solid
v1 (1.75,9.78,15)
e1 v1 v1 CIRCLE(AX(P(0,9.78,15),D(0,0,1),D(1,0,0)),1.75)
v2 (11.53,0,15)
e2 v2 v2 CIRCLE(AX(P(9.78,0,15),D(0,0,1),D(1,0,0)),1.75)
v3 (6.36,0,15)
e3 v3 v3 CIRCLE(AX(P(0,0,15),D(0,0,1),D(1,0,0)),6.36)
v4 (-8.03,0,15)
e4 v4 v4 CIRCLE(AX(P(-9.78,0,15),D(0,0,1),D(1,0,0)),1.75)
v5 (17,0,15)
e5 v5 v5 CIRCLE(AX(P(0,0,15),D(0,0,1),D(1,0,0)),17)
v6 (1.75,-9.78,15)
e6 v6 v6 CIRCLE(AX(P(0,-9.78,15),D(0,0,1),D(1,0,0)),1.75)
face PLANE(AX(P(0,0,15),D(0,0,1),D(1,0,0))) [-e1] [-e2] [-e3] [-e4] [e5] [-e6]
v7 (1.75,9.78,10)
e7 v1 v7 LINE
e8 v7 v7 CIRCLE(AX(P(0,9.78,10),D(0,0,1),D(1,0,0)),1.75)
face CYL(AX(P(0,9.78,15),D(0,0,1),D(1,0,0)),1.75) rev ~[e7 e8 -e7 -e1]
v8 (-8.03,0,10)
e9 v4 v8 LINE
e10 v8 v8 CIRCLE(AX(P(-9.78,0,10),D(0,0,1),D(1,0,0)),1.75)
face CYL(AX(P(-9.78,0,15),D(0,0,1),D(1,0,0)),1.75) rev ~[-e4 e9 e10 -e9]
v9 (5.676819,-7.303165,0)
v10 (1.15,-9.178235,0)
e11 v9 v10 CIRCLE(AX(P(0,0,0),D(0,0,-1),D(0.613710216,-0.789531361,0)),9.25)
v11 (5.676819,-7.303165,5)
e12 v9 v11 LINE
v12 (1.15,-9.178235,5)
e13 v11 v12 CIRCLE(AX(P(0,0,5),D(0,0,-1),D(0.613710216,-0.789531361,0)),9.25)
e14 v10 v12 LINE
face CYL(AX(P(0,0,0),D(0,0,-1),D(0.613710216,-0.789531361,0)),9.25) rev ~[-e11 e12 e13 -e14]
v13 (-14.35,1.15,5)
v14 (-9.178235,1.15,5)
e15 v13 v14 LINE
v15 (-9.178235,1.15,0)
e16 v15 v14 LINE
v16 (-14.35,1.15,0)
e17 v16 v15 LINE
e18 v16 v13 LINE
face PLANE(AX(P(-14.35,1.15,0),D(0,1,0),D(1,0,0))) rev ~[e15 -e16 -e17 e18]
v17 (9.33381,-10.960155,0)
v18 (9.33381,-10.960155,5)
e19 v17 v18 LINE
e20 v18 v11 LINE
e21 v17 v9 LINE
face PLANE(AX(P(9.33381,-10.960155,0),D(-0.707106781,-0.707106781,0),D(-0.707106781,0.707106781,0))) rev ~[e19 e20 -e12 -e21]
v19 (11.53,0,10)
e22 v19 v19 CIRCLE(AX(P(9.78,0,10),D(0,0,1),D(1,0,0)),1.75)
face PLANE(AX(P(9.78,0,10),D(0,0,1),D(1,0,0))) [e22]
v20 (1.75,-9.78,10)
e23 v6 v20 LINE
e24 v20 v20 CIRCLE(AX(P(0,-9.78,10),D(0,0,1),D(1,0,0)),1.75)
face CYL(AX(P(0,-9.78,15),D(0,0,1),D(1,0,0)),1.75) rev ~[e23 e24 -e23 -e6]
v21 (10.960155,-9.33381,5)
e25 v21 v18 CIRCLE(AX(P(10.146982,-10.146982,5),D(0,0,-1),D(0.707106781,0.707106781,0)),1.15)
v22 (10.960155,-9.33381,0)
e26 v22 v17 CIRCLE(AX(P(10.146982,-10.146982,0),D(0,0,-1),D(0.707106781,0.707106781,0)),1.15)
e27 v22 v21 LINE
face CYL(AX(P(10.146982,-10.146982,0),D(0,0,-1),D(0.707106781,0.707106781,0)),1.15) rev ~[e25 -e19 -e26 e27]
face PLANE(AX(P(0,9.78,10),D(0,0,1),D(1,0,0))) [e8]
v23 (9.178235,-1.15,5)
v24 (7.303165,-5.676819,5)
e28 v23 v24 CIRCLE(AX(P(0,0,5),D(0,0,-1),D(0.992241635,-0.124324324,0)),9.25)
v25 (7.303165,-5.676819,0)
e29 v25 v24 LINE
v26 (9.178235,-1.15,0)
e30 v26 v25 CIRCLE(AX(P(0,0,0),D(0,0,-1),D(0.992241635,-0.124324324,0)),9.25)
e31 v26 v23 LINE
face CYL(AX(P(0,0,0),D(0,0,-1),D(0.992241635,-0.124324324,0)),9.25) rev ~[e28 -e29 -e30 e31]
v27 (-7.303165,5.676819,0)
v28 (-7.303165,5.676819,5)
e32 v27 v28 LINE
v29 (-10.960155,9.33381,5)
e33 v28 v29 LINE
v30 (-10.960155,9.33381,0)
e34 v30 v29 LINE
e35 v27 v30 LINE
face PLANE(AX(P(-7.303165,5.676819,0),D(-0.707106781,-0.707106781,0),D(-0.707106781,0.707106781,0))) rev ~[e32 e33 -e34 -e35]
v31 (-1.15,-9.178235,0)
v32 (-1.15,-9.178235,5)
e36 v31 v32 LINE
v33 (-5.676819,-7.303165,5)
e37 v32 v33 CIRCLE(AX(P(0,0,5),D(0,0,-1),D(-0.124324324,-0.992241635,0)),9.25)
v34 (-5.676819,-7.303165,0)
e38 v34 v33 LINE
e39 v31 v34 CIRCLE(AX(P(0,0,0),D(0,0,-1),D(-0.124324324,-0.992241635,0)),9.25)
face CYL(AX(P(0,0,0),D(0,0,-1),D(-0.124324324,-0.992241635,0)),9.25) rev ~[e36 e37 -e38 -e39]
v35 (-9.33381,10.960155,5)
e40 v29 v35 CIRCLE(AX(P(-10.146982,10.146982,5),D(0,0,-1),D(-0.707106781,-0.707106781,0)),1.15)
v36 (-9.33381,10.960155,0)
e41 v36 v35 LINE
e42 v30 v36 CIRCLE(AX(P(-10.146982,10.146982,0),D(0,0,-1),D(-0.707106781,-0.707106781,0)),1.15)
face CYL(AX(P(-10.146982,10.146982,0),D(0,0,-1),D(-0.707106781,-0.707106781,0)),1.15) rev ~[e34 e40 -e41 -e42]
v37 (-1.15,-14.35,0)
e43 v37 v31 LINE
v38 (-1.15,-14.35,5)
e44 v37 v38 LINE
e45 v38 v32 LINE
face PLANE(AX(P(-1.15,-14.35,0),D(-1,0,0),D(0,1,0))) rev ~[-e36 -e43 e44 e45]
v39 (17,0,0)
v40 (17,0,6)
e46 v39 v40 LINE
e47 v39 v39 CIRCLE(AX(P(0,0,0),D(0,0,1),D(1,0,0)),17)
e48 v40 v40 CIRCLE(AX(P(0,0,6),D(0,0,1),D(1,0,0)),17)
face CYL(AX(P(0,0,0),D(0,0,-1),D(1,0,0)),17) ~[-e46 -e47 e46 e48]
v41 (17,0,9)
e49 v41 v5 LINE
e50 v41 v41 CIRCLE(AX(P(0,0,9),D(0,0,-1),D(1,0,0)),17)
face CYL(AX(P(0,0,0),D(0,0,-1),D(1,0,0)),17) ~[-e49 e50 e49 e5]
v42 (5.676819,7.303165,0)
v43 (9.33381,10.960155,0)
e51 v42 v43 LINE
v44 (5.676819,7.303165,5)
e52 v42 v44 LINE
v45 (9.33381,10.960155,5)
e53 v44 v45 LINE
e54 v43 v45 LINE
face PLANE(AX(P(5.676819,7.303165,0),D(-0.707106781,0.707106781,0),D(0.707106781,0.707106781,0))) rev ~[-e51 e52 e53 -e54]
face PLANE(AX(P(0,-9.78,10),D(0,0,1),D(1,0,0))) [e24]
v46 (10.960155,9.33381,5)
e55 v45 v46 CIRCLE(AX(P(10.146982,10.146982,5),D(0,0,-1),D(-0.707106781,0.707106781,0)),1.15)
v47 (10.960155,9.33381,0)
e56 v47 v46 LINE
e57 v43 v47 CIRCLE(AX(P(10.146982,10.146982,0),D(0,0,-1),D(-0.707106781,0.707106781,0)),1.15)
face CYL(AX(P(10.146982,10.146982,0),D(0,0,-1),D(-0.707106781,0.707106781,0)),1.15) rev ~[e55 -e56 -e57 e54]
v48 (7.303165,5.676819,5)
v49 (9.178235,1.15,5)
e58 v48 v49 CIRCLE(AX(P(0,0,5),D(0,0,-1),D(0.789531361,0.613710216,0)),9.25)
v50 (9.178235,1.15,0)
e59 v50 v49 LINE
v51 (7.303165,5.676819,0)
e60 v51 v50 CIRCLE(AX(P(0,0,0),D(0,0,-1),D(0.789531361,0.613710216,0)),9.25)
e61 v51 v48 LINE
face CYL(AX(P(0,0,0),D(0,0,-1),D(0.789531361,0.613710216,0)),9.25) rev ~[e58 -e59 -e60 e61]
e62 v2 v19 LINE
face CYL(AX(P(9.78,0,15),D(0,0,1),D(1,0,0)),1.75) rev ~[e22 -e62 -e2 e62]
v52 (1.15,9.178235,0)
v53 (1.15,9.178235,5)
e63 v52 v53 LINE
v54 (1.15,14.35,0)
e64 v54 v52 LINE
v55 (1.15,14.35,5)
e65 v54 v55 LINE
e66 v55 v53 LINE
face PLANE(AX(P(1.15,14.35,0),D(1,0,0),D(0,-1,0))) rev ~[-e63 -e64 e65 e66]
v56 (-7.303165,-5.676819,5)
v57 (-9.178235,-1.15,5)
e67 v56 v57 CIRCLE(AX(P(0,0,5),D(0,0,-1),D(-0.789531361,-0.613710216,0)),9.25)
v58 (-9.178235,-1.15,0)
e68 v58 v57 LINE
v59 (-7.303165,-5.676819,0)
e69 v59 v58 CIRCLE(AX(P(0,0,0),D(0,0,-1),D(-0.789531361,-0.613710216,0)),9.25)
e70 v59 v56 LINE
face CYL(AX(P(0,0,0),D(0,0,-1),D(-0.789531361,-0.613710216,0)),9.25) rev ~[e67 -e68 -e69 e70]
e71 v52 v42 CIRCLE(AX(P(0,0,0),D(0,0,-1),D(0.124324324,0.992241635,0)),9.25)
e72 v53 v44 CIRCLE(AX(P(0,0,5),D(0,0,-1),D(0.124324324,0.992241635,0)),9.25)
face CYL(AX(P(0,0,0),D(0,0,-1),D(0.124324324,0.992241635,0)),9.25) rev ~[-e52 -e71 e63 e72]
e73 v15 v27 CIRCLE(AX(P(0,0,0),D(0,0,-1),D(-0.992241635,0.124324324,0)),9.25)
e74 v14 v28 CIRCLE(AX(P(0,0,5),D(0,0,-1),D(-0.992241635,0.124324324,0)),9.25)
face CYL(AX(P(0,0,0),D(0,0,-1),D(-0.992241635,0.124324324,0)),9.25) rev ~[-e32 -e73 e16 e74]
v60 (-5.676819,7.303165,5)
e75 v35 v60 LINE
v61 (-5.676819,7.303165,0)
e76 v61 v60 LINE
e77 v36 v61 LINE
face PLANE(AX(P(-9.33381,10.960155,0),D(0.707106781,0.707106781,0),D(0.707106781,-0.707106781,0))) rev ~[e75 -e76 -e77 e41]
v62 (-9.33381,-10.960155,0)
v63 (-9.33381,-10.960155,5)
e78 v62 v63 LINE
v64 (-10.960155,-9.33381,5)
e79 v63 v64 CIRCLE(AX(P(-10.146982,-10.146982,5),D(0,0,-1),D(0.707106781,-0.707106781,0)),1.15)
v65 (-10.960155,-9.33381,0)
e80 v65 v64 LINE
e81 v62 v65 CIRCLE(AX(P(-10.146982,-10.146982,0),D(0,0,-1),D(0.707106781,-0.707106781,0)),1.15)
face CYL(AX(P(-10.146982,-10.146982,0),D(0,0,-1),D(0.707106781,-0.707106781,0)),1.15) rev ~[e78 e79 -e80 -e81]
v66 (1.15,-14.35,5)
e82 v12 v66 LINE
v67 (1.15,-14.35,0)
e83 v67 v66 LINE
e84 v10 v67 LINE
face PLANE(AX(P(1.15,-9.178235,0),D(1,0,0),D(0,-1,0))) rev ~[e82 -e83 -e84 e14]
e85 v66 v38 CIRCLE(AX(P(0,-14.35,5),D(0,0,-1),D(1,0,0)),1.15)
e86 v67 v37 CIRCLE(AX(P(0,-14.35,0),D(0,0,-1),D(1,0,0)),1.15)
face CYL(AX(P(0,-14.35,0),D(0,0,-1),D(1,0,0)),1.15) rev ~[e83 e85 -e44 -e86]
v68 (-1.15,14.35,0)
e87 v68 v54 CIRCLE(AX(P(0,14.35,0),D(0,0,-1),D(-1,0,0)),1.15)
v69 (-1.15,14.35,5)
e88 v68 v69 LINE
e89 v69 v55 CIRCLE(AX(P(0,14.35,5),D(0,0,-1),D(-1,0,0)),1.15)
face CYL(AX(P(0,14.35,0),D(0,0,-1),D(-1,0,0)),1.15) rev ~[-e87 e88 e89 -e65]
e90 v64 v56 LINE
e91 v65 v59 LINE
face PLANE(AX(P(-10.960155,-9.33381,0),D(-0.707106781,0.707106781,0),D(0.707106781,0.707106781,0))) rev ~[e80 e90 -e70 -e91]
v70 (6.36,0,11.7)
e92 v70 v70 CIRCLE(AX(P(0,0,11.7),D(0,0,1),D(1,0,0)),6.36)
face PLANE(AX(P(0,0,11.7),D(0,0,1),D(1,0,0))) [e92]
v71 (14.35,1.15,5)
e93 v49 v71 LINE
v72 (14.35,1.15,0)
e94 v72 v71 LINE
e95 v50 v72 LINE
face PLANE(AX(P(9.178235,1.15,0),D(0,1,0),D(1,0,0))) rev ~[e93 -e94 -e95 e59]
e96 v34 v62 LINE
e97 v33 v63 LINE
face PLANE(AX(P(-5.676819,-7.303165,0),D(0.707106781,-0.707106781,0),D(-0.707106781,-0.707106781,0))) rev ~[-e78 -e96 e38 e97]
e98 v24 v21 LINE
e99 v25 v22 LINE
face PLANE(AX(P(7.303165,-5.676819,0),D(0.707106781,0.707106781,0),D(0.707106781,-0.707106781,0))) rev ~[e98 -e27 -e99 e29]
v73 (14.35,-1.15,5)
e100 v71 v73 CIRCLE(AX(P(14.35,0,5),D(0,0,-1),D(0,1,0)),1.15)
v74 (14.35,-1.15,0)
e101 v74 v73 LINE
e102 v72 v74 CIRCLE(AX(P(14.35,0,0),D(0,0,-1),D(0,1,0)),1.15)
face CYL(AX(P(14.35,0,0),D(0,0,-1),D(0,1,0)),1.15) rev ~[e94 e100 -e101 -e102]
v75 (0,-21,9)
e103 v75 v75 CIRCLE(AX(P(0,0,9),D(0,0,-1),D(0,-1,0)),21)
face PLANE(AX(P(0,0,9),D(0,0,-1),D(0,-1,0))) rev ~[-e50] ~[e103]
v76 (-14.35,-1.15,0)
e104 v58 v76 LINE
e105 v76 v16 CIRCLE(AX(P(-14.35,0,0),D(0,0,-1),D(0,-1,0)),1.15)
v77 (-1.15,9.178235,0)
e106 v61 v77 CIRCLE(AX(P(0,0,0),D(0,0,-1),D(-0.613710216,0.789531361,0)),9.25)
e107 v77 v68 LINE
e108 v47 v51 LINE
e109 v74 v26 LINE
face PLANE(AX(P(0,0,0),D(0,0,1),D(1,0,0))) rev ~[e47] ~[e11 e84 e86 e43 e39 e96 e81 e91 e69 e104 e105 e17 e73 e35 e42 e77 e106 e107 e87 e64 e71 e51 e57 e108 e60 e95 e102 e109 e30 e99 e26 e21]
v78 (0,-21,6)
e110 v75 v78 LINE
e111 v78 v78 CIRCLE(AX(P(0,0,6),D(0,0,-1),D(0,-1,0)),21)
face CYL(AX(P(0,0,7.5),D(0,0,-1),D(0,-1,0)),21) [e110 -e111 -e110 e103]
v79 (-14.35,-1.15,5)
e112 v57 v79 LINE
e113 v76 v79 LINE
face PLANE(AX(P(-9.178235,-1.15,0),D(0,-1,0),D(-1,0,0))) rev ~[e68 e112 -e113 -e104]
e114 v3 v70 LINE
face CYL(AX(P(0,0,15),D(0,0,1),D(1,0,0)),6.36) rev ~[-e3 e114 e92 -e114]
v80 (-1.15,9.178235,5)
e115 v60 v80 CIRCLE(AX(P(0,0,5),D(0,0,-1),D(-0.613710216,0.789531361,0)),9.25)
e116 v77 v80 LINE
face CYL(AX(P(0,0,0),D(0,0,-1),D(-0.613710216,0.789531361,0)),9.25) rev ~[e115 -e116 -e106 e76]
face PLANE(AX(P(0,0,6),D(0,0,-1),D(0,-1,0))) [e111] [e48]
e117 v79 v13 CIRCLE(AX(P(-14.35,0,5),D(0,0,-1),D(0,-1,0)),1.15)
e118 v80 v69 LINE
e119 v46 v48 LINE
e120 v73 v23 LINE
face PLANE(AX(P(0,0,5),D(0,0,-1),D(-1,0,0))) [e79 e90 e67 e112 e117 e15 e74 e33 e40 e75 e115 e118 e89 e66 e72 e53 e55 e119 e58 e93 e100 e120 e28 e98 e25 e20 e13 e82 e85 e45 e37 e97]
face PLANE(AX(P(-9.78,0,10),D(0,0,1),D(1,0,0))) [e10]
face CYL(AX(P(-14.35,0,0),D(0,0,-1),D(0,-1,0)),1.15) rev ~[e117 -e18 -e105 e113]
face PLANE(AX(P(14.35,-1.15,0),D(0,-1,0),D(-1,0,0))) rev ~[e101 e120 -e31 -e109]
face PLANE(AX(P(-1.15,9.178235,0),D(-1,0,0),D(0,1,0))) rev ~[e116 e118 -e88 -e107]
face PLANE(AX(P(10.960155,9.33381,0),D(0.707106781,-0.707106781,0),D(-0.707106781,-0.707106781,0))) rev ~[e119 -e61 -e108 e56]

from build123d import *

# Parameters (mm, degrees)
SKETCH1_R           = 17
BOSS_EXTRUDE1_DEPTH = 15
CUT_EXTRUDE2_DEPTH  = 5
SKETCH3_R           = 1.75
CUT_EXTRUDE3_DEPTH  = 5
SKETCH4_W           = 3
SKETCH4_H           = 4
SKETCH5_R           = 6.36
CUT_EXTRUDE4_DEPTH  = 3.3


with BuildPart() as part:
    # Sketch1 → Boss-Extrude1 (new body)
    with BuildSketch(Plane.XY):
        Circle(SKETCH1_R)
    extrude(amount=BOSS_EXTRUDE1_DEPTH)

    # Sketch2 → Cut-Extrude2 (cut)
    with BuildSketch(Plane(origin=(0, 0, 0), x_dir=(-1, 0, 0), z_dir=(0, 0, -1))):
        with BuildLine():
            ThreePointArc((5.676819497, 7.303165094), (3.539821749, 8.545885676), (1.15, 9.178235124))
            ThreePointArc((1.15, 9.178235124), (0, 8.028235124), (-1.15, 9.178235124))
            ThreePointArc((-1.15, 9.178235124), (-3.539821749, 8.545885676), (-5.676819497, 7.303165094))
            ThreePointArc((-5.676819497, 7.303165094), (-5.676819497, 5.676819497), (-7.303165094, 5.676819497))
            ThreePointArc((-7.303165094, 5.676819497), (-8.545885676, 3.539821749), (-9.178235124, 1.15))
            ThreePointArc((-9.178235124, 1.15), (-8.028235124, 0), (-9.178235124, -1.15))
            ThreePointArc((-9.178235124, -1.15), (-8.545885676, -3.539821749), (-7.303165094, -5.676819497))
            ThreePointArc((-7.303165094, -5.676819497), (-5.676819497, -5.676819497), (-5.676819497, -7.303165094))
            ThreePointArc((-5.676819497, -7.303165094), (-3.539821749, -8.545885676), (-1.15, -9.178235124))
            ThreePointArc((-1.15, -9.178235124), (0, -8.028235124), (1.15, -9.178235124))
            ThreePointArc((1.15, -9.178235124), (3.539821749, -8.545885676), (5.676819497, -7.303165094))
            ThreePointArc((5.676819497, -7.303165094), (5.676819497, -5.676819497), (7.303165094, -5.676819497))
            ThreePointArc((7.303165094, -5.676819497), (8.545885676, -3.539821749), (9.178235124, -1.15))
            ThreePointArc((9.178235124, -1.15), (8.028235124, 0), (9.178235124, 1.15))
            ThreePointArc((9.178235124, 1.15), (8.545885676, 3.539821749), (7.303165094, 5.676819497))
            ThreePointArc((7.303165094, 5.676819497), (5.676819497, 5.676819497), (5.676819497, 7.303165094))
        make_face()
        with BuildLine():
            Line((9.333809512, 10.960155108), (5.676819497, 7.303165094))
            ThreePointArc((5.676819497, 7.303165094), (6.540737726, 6.540737726), (7.303165094, 5.676819497))
            Line((7.303165094, 5.676819497), (10.960155108, 9.333809512))
            ThreePointArc((10.960155108, 9.333809512), (10.960155108, 10.960155108), (9.333809512, 10.960155108))
        make_face()
        with BuildLine():
            Line((14.35, 1.15), (9.178235124, 1.15))
            ThreePointArc((9.178235124, 1.15), (9.232041348, 0.57611852), (9.25, 0))
            ThreePointArc((9.25, 0), (9.232041348, -0.57611852), (9.178235124, -1.15))
            Line((9.178235124, -1.15), (14.35, -1.15))
            ThreePointArc((14.35, -1.15), (15.5, 0), (14.35, 1.15))
        make_face()
        with BuildLine():
            Line((10.960155108, -9.333809512), (7.303165094, -5.676819497))
            ThreePointArc((7.303165094, -5.676819497), (6.540737726, -6.540737726), (5.676819497, -7.303165094))
            Line((5.676819497, -7.303165094), (9.333809512, -10.960155108))
            ThreePointArc((9.333809512, -10.960155108), (10.960155108, -10.960155108), (10.960155108, -9.333809512))
        make_face()
        with BuildLine():
            Line((1.15, -14.35), (1.15, -9.178235124))
            ThreePointArc((1.15, -9.178235124), (0, -9.25), (-1.15, -9.178235124))
            Line((-1.15, -9.178235124), (-1.15, -14.35))
            ThreePointArc((-1.15, -14.35), (0, -15.5), (1.15, -14.35))
        make_face()
        with BuildLine():
            ThreePointArc((-5.676819497, -7.303165094), (-6.540737726, -6.540737726), (-7.303165094, -5.676819497))
            Line((-7.303165094, -5.676819497), (-10.960155108, -9.333809512))
            ThreePointArc((-10.960155108, -9.333809512), (-10.960155108, -10.960155108), (-9.333809512, -10.960155108))
            Line((-9.333809512, -10.960155108), (-5.676819497, -7.303165094))
        make_face()
        with BuildLine():
            ThreePointArc((-9.178235124, -1.15), (-9.25, 0), (-9.178235124, 1.15))
            Line((-9.178235124, 1.15), (-14.35, 1.15))
            ThreePointArc((-14.35, 1.15), (-15.5, 0), (-14.35, -1.15))
            Line((-14.35, -1.15), (-9.178235124, -1.15))
        make_face()
        with BuildLine():
            ThreePointArc((-7.303165094, 5.676819497), (-6.540737726, 6.540737726), (-5.676819497, 7.303165094))
            Line((-5.676819497, 7.303165094), (-9.333809512, 10.960155108))
            ThreePointArc((-9.333809512, 10.960155108), (-10.960155108, 10.960155108), (-10.960155108, 9.333809512))
            Line((-10.960155108, 9.333809512), (-7.303165094, 5.676819497))
        make_face()
        with BuildLine():
            Line((1.15, 9.178235124), (1.15, 14.35))
            ThreePointArc((1.15, 14.35), (0, 15.5), (-1.15, 14.35))
            Line((-1.15, 14.35), (-1.15, 9.178235124))
            ThreePointArc((-1.15, 9.178235124), (0, 9.25), (1.15, 9.178235124))
        make_face()
        with BuildLine():
            ThreePointArc((5.676819497, -7.303165094), (6.540737726, -6.540737726), (7.303165094, -5.676819497))
            ThreePointArc((7.303165094, -5.676819497), (5.676819497, -5.676819497), (5.676819497, -7.303165094))
        make_face()
        with BuildLine():
            ThreePointArc((-1.15, 9.178235124), (0, 8.028235124), (1.15, 9.178235124))
            ThreePointArc((1.15, 9.178235124), (0, 9.25), (-1.15, 9.178235124))
        make_face()
        with BuildLine():
            ThreePointArc((7.303165094, 5.676819497), (6.540737726, 6.540737726), (5.676819497, 7.303165094))
            ThreePointArc((5.676819497, 7.303165094), (5.676819497, 5.676819497), (7.303165094, 5.676819497))
        make_face()
        with BuildLine():
            ThreePointArc((9.25, 0), (9.232041348, 0.57611852), (9.178235124, 1.15))
            ThreePointArc((9.178235124, 1.15), (8.028235124, 0), (9.178235124, -1.15))
            ThreePointArc((9.178235124, -1.15), (9.232041348, -0.57611852), (9.25, 0))
        make_face()
        with BuildLine():
            ThreePointArc((-1.15, -9.178235124), (0, -9.25), (1.15, -9.178235124))
            ThreePointArc((1.15, -9.178235124), (0, -8.028235124), (-1.15, -9.178235124))
        make_face()
        with BuildLine():
            ThreePointArc((-5.676819497, -7.303165094), (-5.676819497, -5.676819497), (-7.303165094, -5.676819497))
            ThreePointArc((-7.303165094, -5.676819497), (-6.540737726, -6.540737726), (-5.676819497, -7.303165094))
        make_face()
        with BuildLine():
            ThreePointArc((-9.178235124, -1.15), (-8.028235124, 0), (-9.178235124, 1.15))
            ThreePointArc((-9.178235124, 1.15), (-9.25, 0), (-9.178235124, -1.15))
        make_face()
        with BuildLine():
            ThreePointArc((-7.303165094, 5.676819497), (-5.676819497, 5.676819497), (-5.676819497, 7.303165094))
            ThreePointArc((-5.676819497, 7.303165094), (-6.540737726, 6.540737726), (-7.303165094, 5.676819497))
        make_face()
    extrude(amount=-CUT_EXTRUDE2_DEPTH, mode=Mode.SUBTRACT)

    # Sketch3 → Cut-Extrude3 (cut)
    with BuildSketch(Plane.XY.offset(15)):
        with Locations((0, 9.78)):
            Circle(SKETCH3_R)
        with Locations((9.78, 0)):
            Circle(SKETCH3_R)
        with Locations((0, -9.78)):
            Circle(SKETCH3_R)
        with Locations((-9.78, 0)):
            Circle(SKETCH3_R)
    extrude(amount=-CUT_EXTRUDE3_DEPTH, mode=Mode.SUBTRACT)

    # Sketch4 → Revolve1 (revolve)
    with BuildSketch(Plane(origin=(0, 0, 0), x_dir=(0, 0, -1), z_dir=(1, 0, 0))):
        with Locations((-7.5, -19)):
            Rectangle(SKETCH4_W, SKETCH4_H)
    revolve(axis=Axis((0, 0, 20.375620023), (0, 0, -1)))

    # Sketch5 → Cut-Extrude4 (cut)
    with BuildSketch(Plane.XY.offset(15)):
        Circle(SKETCH5_R)
    extrude(amount=-CUT_EXTRUDE4_DEPTH, mode=Mode.SUBTRACT)


solid = part.part
